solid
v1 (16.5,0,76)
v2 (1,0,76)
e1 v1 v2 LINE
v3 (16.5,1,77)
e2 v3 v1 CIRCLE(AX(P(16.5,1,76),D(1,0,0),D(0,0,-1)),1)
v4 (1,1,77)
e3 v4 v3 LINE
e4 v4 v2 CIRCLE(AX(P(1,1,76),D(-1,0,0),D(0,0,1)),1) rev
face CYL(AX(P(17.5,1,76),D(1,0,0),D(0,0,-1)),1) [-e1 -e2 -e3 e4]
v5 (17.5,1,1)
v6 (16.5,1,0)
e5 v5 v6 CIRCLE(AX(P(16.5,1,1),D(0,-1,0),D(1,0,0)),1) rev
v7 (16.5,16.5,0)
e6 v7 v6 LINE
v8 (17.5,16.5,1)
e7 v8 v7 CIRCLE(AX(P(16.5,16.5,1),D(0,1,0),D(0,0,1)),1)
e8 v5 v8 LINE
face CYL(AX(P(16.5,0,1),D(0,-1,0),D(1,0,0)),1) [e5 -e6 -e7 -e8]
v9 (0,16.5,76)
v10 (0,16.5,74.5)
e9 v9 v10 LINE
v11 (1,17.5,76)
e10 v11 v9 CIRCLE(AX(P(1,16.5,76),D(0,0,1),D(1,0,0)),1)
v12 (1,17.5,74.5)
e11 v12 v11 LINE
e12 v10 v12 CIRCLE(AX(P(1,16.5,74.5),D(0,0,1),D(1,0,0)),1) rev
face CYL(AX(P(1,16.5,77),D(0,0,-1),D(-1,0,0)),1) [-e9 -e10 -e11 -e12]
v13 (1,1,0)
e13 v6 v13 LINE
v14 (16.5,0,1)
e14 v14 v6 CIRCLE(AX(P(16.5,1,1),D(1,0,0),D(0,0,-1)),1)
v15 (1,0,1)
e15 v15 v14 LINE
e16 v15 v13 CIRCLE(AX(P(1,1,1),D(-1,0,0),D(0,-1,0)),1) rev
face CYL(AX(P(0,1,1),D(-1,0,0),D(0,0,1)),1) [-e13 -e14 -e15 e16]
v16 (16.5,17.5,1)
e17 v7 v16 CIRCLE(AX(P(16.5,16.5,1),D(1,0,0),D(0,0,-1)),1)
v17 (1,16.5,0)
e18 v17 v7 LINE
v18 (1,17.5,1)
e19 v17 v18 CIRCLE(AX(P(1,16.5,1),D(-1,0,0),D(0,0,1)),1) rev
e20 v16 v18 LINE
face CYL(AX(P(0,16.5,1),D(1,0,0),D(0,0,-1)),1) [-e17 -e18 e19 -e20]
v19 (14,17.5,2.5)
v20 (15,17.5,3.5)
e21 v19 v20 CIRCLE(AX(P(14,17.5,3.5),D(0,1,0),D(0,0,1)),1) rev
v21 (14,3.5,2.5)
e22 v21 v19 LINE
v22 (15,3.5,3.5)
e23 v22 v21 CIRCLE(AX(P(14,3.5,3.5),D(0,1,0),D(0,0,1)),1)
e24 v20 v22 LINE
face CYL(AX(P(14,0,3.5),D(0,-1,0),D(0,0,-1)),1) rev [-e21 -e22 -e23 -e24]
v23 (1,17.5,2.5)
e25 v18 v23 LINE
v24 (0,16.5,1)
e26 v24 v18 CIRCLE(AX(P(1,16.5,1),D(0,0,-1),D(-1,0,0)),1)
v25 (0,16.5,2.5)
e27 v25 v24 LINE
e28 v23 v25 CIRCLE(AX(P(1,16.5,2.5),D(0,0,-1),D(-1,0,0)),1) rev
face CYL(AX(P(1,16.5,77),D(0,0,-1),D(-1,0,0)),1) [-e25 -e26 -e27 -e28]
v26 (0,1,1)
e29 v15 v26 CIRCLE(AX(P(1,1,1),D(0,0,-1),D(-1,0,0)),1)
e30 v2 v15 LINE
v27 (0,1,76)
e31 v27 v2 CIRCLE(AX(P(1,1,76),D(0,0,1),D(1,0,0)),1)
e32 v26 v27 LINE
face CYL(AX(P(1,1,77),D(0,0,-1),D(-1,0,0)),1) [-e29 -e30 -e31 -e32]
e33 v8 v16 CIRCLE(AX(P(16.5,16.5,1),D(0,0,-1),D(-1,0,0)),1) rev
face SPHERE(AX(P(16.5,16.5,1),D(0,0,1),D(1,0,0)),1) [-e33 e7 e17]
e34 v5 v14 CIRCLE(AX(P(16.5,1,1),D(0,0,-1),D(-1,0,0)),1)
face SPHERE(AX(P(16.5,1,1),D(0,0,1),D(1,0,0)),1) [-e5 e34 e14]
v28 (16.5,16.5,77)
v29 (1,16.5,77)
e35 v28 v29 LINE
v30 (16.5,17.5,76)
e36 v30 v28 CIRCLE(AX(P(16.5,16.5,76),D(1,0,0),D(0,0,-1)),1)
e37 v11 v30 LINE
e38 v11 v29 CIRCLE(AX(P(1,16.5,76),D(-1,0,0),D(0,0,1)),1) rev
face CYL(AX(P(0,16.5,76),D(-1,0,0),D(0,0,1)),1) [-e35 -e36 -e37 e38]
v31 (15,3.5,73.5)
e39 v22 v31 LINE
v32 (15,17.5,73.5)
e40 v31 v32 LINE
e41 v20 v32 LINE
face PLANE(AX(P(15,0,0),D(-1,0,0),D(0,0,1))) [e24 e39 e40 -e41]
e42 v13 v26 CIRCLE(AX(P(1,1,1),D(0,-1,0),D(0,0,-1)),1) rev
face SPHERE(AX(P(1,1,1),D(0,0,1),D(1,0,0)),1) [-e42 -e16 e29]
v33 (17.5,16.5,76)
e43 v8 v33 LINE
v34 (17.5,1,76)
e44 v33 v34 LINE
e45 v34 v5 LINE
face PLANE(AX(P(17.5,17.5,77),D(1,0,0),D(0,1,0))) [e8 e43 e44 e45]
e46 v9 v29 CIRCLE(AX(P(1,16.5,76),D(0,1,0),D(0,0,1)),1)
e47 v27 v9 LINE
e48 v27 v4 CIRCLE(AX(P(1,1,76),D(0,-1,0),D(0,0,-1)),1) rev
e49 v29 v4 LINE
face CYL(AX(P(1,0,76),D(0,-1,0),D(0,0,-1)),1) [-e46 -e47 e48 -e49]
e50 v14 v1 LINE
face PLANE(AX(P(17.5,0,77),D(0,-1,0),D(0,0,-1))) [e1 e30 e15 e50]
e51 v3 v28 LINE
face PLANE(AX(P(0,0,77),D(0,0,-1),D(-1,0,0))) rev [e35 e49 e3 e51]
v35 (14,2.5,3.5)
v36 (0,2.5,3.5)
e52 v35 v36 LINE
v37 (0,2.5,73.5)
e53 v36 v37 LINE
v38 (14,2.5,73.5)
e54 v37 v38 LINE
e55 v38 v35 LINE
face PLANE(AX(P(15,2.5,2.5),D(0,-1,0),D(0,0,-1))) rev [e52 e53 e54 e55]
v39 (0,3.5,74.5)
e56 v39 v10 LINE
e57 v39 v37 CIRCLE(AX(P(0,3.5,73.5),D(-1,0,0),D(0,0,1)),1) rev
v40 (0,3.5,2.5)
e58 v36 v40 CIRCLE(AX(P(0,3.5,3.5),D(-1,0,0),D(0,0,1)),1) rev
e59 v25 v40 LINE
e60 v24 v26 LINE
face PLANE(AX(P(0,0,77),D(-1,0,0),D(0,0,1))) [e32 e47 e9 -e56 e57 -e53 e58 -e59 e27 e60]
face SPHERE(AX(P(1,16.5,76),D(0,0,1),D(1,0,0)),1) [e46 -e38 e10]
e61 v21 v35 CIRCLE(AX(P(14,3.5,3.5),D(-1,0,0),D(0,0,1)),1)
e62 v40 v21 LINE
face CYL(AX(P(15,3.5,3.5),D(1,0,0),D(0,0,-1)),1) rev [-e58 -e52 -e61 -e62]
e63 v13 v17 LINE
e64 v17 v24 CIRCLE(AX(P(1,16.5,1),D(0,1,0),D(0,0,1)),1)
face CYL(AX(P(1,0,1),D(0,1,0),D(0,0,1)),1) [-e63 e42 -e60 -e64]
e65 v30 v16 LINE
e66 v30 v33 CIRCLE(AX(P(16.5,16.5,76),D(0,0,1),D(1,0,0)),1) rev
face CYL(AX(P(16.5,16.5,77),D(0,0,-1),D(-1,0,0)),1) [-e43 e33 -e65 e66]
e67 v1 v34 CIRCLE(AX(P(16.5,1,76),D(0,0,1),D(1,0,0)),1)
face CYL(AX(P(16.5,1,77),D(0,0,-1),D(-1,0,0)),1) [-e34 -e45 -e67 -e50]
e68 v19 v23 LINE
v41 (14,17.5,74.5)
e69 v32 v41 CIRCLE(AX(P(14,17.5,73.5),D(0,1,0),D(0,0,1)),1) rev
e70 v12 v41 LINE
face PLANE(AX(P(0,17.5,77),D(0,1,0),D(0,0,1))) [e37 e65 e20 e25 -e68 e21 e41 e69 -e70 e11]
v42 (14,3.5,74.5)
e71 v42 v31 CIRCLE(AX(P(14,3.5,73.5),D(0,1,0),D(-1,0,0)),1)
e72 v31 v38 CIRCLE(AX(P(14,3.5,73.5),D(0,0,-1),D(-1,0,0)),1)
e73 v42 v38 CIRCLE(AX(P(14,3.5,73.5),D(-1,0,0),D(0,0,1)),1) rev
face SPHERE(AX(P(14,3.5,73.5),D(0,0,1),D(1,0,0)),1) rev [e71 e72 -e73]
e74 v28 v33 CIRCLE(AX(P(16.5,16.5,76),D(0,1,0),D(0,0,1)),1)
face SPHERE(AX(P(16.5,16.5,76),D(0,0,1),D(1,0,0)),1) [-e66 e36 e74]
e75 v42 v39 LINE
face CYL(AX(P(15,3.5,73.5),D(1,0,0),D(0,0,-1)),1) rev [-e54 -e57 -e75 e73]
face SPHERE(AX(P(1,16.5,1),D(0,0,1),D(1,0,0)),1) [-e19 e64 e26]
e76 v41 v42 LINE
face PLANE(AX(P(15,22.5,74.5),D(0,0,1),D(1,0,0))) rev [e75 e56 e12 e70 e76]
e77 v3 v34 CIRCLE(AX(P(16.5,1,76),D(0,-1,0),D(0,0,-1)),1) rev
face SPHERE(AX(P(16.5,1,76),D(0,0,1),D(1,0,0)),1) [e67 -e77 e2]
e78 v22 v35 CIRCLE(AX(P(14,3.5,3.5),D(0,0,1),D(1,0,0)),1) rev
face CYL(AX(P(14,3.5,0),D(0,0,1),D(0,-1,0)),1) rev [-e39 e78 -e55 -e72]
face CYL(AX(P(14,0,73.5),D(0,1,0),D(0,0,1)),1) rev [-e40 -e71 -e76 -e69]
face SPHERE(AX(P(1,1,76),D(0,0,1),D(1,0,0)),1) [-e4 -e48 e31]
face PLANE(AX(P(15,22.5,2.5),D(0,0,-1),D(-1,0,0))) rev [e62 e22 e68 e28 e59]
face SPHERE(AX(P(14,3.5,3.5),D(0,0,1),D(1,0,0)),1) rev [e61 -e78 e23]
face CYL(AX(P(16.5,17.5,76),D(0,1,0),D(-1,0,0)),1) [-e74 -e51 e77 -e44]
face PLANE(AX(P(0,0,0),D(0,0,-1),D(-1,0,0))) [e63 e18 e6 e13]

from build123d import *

# Parameters (mm, degrees)
ESQUISSE1_W             = 17.5
ESQUISSE1_H             = 17.5
BOSS_EXTRU_1_DEPTH      = 77
ESQUISSE2_W             = 72
ESQUISSE2_H             = 20
ENL_V_MAT_EXTRU_1_DEPTH = 15
CONG_1_R                = 1


with BuildPart() as part:
    # Esquisse1 → Boss.-Extru.1 (new body)
    with BuildSketch(Plane.XY):
        with Locations((8.75, 8.75)):
            Rectangle(ESQUISSE1_W, ESQUISSE1_H)
    extrude(amount=BOSS_EXTRU_1_DEPTH)

    # Esquisse2 → Enlèv. mat.-Extru.1 (cut)
    with BuildSketch(Plane.ZY):
        with Locations((38.5, 12.5)):
            Rectangle(ESQUISSE2_W, ESQUISSE2_H)
    extrude(amount=-ENL_V_MAT_EXTRU_1_DEPTH, mode=Mode.SUBTRACT)

    # Congé1
    cong_1_edges = [part.edges().sort_by_distance(p)[0] for p in [
        (8.75, 17.5, 77),
        (0, 17.5, 1.25),
        (17.5, 8.75, 77),
        (15, 10, 2.5),
        (7.5, 2.5, 2.5),
        (15, 10, 74.5),
        (15, 2.5, 38.5),
        (7.5, 2.5, 74.5),
        (8.75, 0, 77),
        (17.5, 8.75, 0),
        (8.75, 17.5, 0),
        (0, 8.75, 0),
        (8.75, 0, 0),
        (17.5, 0, 38.5),
        (17.5, 17.5, 38.5),
        (0, 17.5, 75.75),
        (0, 0, 38.5),
        (0, 8.75, 77),
    ]]
    fillet(cong_1_edges, radius=CONG_1_R)


solid = part.part
